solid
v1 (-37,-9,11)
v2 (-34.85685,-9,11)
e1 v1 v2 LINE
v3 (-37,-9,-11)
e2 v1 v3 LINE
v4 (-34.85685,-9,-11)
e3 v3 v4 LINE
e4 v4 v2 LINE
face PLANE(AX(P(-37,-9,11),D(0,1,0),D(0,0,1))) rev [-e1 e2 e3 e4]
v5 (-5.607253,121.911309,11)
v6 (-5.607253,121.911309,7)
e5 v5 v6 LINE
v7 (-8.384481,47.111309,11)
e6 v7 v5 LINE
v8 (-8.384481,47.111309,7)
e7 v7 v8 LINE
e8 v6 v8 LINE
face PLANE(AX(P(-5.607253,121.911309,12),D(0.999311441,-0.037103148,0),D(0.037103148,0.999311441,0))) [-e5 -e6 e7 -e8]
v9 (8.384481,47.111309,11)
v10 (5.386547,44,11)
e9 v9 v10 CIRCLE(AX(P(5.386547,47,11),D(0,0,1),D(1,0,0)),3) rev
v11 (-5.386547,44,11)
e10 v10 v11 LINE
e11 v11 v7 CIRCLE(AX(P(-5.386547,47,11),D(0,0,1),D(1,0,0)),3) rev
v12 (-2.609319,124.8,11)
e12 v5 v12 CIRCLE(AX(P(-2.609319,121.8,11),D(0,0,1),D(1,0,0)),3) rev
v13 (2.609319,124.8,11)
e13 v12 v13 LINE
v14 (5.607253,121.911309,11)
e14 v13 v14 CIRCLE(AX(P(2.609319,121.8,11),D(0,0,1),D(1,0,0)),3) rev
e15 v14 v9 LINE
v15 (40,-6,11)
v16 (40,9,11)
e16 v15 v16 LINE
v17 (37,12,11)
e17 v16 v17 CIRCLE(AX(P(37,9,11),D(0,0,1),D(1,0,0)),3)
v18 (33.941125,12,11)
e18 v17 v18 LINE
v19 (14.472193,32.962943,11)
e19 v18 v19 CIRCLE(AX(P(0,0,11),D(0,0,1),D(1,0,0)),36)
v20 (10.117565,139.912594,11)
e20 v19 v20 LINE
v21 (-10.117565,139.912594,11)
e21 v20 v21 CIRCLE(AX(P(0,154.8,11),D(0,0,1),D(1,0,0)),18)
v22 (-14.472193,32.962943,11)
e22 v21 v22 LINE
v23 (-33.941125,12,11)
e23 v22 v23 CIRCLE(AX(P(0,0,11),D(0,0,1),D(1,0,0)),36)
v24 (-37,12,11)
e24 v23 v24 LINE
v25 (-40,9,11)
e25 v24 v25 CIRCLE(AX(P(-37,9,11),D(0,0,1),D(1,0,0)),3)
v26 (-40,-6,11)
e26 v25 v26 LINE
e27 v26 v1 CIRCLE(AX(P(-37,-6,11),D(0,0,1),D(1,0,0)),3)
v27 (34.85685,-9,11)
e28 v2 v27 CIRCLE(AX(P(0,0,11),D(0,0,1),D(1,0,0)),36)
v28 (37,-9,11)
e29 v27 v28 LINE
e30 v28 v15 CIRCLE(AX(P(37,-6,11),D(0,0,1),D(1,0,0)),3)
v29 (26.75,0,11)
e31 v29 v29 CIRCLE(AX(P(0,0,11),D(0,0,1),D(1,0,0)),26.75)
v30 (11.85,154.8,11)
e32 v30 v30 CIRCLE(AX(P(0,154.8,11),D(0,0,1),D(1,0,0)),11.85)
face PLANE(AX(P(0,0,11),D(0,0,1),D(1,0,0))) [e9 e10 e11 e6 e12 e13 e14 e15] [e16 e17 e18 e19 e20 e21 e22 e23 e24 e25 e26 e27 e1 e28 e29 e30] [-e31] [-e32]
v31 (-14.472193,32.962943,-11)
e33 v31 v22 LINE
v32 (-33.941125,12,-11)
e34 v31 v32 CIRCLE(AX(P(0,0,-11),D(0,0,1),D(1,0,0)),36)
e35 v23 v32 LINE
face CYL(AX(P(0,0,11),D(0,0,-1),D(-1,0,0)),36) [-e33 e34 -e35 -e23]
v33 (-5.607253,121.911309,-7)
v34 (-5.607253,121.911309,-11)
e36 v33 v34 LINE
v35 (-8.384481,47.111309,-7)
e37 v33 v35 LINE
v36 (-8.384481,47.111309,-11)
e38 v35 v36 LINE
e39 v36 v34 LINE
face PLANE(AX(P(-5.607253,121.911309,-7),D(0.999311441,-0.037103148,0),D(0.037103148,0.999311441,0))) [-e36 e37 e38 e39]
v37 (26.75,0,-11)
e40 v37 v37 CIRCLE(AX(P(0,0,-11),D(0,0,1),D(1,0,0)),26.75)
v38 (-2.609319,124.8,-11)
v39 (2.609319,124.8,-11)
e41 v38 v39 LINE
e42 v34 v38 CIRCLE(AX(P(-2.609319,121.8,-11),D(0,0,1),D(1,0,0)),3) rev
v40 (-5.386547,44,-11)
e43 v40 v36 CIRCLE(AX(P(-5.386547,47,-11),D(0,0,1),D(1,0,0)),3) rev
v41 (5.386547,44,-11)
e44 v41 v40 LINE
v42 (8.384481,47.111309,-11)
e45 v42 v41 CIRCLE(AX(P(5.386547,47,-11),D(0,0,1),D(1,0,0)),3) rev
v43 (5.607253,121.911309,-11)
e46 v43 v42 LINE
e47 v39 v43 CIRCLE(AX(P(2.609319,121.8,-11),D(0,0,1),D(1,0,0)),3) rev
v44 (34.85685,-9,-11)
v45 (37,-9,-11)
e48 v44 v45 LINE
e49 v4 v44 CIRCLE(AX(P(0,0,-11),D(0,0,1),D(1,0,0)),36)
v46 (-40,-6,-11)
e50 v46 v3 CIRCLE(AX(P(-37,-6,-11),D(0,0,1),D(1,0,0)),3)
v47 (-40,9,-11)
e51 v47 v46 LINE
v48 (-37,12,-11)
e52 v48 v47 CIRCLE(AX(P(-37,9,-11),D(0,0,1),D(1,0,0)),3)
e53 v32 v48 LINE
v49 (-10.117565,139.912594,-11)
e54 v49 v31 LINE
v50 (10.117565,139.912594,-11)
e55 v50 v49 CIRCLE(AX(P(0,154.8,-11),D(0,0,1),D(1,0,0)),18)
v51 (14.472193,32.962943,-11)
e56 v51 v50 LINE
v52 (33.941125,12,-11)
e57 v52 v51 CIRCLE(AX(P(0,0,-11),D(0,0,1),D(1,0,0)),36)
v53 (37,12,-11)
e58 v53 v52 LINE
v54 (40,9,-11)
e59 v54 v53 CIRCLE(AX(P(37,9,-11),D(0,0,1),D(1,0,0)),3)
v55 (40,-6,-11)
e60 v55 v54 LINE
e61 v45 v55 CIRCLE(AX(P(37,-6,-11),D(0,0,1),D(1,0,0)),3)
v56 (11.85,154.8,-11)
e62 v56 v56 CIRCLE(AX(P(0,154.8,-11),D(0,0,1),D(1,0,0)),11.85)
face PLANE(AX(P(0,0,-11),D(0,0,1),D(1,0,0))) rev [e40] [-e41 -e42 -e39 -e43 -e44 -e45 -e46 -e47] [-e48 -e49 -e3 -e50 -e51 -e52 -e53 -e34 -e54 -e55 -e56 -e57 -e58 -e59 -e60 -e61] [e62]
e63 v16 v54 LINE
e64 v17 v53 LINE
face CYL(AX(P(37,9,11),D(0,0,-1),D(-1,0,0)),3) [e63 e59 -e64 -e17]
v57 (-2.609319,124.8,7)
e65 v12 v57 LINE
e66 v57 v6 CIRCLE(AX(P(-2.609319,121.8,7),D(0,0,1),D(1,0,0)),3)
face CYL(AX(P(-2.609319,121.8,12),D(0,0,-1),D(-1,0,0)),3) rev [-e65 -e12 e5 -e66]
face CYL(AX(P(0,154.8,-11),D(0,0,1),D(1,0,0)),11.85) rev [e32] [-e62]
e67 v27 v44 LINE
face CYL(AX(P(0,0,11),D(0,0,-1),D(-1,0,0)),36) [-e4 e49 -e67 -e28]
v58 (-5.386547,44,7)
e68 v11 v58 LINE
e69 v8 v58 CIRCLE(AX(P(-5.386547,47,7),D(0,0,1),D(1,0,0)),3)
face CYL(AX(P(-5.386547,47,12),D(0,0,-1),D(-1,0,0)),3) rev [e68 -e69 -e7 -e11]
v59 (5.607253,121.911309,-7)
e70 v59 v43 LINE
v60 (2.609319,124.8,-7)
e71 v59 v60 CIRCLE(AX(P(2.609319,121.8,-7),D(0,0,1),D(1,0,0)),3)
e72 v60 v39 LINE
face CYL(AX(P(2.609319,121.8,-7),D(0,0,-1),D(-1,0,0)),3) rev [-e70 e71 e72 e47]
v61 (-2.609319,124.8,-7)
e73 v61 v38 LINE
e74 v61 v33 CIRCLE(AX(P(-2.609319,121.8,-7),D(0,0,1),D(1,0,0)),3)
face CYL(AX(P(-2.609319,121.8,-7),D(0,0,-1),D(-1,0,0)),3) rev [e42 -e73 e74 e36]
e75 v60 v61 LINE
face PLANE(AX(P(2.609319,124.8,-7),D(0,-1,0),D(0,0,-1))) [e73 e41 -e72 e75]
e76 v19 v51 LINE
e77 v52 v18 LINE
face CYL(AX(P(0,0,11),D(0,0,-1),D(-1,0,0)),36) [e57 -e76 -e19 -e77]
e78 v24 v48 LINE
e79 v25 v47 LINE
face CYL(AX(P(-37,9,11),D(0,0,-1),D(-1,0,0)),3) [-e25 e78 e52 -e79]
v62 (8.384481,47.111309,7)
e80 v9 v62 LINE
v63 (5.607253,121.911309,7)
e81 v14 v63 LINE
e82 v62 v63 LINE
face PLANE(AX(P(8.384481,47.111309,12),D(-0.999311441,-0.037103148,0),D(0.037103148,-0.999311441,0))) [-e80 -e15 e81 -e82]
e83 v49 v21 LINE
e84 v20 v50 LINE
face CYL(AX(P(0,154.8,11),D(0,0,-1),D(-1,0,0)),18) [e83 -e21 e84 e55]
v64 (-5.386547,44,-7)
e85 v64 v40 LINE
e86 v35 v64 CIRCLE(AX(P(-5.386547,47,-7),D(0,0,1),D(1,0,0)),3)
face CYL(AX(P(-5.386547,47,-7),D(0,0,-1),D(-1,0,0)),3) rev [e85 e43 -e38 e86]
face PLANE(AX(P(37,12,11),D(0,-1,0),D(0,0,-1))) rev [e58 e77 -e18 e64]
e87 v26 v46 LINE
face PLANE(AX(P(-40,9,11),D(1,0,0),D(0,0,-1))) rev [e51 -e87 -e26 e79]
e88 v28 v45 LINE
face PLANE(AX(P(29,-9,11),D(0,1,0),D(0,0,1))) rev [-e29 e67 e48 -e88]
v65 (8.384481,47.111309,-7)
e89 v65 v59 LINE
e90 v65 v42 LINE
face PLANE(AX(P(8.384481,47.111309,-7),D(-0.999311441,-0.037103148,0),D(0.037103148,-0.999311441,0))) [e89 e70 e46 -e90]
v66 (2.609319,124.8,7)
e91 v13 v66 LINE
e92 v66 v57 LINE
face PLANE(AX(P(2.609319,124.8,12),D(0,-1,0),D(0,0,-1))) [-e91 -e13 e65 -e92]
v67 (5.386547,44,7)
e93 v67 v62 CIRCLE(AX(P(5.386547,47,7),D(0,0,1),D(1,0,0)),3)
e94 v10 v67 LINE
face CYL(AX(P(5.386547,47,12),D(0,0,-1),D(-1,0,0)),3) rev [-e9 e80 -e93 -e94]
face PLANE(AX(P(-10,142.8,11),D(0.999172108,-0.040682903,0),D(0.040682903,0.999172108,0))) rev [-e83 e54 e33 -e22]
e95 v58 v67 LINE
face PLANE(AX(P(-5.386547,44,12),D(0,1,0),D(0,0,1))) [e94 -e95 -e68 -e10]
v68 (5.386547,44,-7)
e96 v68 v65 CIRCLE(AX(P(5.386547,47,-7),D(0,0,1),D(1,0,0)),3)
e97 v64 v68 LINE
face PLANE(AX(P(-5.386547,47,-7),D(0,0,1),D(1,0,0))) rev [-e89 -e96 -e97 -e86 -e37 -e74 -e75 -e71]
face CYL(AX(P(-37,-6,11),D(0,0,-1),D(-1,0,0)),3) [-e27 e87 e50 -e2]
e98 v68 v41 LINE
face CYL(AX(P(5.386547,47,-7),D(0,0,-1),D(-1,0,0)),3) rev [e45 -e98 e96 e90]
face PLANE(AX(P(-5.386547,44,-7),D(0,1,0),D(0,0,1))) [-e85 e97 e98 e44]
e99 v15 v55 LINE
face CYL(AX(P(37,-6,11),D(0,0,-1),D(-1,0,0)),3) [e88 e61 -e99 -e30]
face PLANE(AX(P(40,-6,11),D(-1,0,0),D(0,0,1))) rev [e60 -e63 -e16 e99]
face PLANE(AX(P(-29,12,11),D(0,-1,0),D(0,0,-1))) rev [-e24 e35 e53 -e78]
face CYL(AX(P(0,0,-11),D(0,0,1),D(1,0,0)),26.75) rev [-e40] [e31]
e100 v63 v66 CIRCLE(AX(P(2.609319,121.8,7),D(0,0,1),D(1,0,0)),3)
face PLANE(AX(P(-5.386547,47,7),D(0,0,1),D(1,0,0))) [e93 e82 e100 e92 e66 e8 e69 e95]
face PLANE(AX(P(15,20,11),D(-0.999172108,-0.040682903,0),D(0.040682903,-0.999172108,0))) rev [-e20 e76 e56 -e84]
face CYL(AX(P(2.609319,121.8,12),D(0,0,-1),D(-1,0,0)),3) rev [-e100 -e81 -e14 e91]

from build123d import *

# Parameters (mm, degrees)
SKETCH1_R                 = 36
BIG_END_DEPTH             = 11
SKETCH2_R                 = 18
SMALL_END_DEPTH           = 11
BEAM_DEPTH                = 11
CAP_BOLT_BOSSES_DEPTH     = 11
BEAM_START                = 7
BEAM_POCKET_FRONT_DEPTH   = 5
BEAM_START_2              = -12
BEAM_POCKET_REAR_DEPTH    = 5
BIG_END_BORE_DEPTH        = 178.709988464
BIG_END_BORE_DEPTH_BACK   = 178.709988464
SKETCH7_R                 = 26.75
SMALL_END_BORE_DEPTH      = 178.709988464
SMALL_END_BORE_DEPTH_BACK = 178.709988464
SKETCH8_R                 = 11.85


with BuildPart() as part:
    # Sketch1 → Big End (new, symmetric)
    with BuildSketch(Plane.XY):
        Circle(SKETCH1_R)
    extrude(amount=BIG_END_DEPTH, both=True)



with BuildPart() as body_2:
    # Sketch2 → Small End (new, symmetric)
    with BuildSketch(Plane.XY):
        with Locations((0, 154.8)):
            Circle(SKETCH2_R)
    extrude(amount=SMALL_END_DEPTH, both=True)


with BuildPart() as part_1:
    add(part.part)

    add(body_2.part)  # Beam merges body 2
    # Sketch3 → Beam (add, symmetric)
    with BuildSketch(Plane.XY):
        Polygon((-15, 20), (15, 20), (10, 142.8), (-10, 142.8), align=None)
    extrude(amount=BEAM_DEPTH, both=True)

    # Sketch4 → Cap Bolt Bosses (add, symmetric)
    with BuildSketch(Plane.XY):
        with BuildLine():
            Line((29, -9), (37, -9))
            ThreePointArc((37, -9), (39.121320344, -8.121320344), (40, -6))
            Line((40, -6), (40, 9))
            ThreePointArc((40, 9), (39.121320344, 11.121320344), (37, 12))
            Line((37, 12), (29, 12))
            ThreePointArc((29, 12), (26.878679656, 11.121320344), (26, 9))
            Line((26, 9), (26, -6))
            ThreePointArc((26, -6), (26.878679656, -8.121320344), (29, -9))
        make_face()
        with BuildLine():
            Line((-37, -9), (-29, -9))
            ThreePointArc((-29, -9), (-26.878679656, -8.121320344), (-26, -6))
            Line((-26, -6), (-26, 9))
            ThreePointArc((-26, 9), (-26.878679656, 11.121320344), (-29, 12))
            Line((-29, 12), (-37, 12))
            ThreePointArc((-37, 12), (-39.121320344, 11.121320344), (-40, 9))
            Line((-40, 9), (-40, -6))
            ThreePointArc((-40, -6), (-39.121320344, -8.121320344), (-37, -9))
        make_face()
    extrude(amount=CAP_BOLT_BOSSES_DEPTH, both=True)

    # Sketch5 → Beam Pocket Front (cut)
    with BuildSketch(Plane.XY.offset(BEAM_START)):
        with BuildLine():
            Line((-5.386546762, 44), (5.386546762, 44))
            ThreePointArc((5.386546762, 44), (7.546862517, 44.918405458), (8.384481085, 47.111309443))
            Line((8.384481085, 47.111309443), (5.607253362, 121.911309443))
            ThreePointArc((5.607253362, 121.911309443), (4.69091358, 123.960315756), (2.609319039, 124.8))
            Line((2.609319039, 124.8), (-2.609319039, 124.8))
            ThreePointArc((-2.609319039, 124.8), (-4.69091358, 123.960315756), (-5.607253362, 121.911309443))
            Line((-5.607253362, 121.911309443), (-8.384481085, 47.111309443))
            ThreePointArc((-8.384481085, 47.111309443), (-7.546862517, 44.918405458), (-5.386546762, 44))
        make_face()
    extrude(amount=BEAM_POCKET_FRONT_DEPTH, mode=Mode.SUBTRACT)

    # Sketch6 → Beam Pocket Rear (cut)
    with BuildSketch(Plane.XY.offset(BEAM_START_2)):
        with BuildLine():
            Line((-5.386546762, 44), (5.386546762, 44))
            ThreePointArc((5.386546762, 44), (7.546862517, 44.918405458), (8.384481085, 47.111309443))
            Line((8.384481085, 47.111309443), (5.607253362, 121.911309443))
            ThreePointArc((5.607253362, 121.911309443), (4.69091358, 123.960315756), (2.609319039, 124.8))
            Line((2.609319039, 124.8), (-2.609319039, 124.8))
            ThreePointArc((-2.609319039, 124.8), (-4.69091358, 123.960315756), (-5.607253362, 121.911309443))
            Line((-5.607253362, 121.911309443), (-8.384481085, 47.111309443))
            ThreePointArc((-8.384481085, 47.111309443), (-7.546862517, 44.918405458), (-5.386546762, 44))
        make_face()
    extrude(amount=BEAM_POCKET_REAR_DEPTH, mode=Mode.SUBTRACT)

    # Sketch7 → Big End Bore (cut, two sides: drawn at the far end of the back side and taken through both)
    with BuildSketch(Plane.XY.offset(-BIG_END_BORE_DEPTH_BACK)):
        Circle(SKETCH7_R)
    extrude(amount=BIG_END_BORE_DEPTH + BIG_END_BORE_DEPTH_BACK, mode=Mode.SUBTRACT)

    # Sketch8 → Small End Bore (cut, two sides: drawn at the far end of the back side and taken through both)
    with BuildSketch(Plane.XY.offset(-SMALL_END_BORE_DEPTH_BACK)):
        with Locations((0, 154.8)):
            Circle(SKETCH8_R)
    extrude(amount=SMALL_END_BORE_DEPTH + SMALL_END_BORE_DEPTH_BACK, mode=Mode.SUBTRACT)


solid = part_1.part
